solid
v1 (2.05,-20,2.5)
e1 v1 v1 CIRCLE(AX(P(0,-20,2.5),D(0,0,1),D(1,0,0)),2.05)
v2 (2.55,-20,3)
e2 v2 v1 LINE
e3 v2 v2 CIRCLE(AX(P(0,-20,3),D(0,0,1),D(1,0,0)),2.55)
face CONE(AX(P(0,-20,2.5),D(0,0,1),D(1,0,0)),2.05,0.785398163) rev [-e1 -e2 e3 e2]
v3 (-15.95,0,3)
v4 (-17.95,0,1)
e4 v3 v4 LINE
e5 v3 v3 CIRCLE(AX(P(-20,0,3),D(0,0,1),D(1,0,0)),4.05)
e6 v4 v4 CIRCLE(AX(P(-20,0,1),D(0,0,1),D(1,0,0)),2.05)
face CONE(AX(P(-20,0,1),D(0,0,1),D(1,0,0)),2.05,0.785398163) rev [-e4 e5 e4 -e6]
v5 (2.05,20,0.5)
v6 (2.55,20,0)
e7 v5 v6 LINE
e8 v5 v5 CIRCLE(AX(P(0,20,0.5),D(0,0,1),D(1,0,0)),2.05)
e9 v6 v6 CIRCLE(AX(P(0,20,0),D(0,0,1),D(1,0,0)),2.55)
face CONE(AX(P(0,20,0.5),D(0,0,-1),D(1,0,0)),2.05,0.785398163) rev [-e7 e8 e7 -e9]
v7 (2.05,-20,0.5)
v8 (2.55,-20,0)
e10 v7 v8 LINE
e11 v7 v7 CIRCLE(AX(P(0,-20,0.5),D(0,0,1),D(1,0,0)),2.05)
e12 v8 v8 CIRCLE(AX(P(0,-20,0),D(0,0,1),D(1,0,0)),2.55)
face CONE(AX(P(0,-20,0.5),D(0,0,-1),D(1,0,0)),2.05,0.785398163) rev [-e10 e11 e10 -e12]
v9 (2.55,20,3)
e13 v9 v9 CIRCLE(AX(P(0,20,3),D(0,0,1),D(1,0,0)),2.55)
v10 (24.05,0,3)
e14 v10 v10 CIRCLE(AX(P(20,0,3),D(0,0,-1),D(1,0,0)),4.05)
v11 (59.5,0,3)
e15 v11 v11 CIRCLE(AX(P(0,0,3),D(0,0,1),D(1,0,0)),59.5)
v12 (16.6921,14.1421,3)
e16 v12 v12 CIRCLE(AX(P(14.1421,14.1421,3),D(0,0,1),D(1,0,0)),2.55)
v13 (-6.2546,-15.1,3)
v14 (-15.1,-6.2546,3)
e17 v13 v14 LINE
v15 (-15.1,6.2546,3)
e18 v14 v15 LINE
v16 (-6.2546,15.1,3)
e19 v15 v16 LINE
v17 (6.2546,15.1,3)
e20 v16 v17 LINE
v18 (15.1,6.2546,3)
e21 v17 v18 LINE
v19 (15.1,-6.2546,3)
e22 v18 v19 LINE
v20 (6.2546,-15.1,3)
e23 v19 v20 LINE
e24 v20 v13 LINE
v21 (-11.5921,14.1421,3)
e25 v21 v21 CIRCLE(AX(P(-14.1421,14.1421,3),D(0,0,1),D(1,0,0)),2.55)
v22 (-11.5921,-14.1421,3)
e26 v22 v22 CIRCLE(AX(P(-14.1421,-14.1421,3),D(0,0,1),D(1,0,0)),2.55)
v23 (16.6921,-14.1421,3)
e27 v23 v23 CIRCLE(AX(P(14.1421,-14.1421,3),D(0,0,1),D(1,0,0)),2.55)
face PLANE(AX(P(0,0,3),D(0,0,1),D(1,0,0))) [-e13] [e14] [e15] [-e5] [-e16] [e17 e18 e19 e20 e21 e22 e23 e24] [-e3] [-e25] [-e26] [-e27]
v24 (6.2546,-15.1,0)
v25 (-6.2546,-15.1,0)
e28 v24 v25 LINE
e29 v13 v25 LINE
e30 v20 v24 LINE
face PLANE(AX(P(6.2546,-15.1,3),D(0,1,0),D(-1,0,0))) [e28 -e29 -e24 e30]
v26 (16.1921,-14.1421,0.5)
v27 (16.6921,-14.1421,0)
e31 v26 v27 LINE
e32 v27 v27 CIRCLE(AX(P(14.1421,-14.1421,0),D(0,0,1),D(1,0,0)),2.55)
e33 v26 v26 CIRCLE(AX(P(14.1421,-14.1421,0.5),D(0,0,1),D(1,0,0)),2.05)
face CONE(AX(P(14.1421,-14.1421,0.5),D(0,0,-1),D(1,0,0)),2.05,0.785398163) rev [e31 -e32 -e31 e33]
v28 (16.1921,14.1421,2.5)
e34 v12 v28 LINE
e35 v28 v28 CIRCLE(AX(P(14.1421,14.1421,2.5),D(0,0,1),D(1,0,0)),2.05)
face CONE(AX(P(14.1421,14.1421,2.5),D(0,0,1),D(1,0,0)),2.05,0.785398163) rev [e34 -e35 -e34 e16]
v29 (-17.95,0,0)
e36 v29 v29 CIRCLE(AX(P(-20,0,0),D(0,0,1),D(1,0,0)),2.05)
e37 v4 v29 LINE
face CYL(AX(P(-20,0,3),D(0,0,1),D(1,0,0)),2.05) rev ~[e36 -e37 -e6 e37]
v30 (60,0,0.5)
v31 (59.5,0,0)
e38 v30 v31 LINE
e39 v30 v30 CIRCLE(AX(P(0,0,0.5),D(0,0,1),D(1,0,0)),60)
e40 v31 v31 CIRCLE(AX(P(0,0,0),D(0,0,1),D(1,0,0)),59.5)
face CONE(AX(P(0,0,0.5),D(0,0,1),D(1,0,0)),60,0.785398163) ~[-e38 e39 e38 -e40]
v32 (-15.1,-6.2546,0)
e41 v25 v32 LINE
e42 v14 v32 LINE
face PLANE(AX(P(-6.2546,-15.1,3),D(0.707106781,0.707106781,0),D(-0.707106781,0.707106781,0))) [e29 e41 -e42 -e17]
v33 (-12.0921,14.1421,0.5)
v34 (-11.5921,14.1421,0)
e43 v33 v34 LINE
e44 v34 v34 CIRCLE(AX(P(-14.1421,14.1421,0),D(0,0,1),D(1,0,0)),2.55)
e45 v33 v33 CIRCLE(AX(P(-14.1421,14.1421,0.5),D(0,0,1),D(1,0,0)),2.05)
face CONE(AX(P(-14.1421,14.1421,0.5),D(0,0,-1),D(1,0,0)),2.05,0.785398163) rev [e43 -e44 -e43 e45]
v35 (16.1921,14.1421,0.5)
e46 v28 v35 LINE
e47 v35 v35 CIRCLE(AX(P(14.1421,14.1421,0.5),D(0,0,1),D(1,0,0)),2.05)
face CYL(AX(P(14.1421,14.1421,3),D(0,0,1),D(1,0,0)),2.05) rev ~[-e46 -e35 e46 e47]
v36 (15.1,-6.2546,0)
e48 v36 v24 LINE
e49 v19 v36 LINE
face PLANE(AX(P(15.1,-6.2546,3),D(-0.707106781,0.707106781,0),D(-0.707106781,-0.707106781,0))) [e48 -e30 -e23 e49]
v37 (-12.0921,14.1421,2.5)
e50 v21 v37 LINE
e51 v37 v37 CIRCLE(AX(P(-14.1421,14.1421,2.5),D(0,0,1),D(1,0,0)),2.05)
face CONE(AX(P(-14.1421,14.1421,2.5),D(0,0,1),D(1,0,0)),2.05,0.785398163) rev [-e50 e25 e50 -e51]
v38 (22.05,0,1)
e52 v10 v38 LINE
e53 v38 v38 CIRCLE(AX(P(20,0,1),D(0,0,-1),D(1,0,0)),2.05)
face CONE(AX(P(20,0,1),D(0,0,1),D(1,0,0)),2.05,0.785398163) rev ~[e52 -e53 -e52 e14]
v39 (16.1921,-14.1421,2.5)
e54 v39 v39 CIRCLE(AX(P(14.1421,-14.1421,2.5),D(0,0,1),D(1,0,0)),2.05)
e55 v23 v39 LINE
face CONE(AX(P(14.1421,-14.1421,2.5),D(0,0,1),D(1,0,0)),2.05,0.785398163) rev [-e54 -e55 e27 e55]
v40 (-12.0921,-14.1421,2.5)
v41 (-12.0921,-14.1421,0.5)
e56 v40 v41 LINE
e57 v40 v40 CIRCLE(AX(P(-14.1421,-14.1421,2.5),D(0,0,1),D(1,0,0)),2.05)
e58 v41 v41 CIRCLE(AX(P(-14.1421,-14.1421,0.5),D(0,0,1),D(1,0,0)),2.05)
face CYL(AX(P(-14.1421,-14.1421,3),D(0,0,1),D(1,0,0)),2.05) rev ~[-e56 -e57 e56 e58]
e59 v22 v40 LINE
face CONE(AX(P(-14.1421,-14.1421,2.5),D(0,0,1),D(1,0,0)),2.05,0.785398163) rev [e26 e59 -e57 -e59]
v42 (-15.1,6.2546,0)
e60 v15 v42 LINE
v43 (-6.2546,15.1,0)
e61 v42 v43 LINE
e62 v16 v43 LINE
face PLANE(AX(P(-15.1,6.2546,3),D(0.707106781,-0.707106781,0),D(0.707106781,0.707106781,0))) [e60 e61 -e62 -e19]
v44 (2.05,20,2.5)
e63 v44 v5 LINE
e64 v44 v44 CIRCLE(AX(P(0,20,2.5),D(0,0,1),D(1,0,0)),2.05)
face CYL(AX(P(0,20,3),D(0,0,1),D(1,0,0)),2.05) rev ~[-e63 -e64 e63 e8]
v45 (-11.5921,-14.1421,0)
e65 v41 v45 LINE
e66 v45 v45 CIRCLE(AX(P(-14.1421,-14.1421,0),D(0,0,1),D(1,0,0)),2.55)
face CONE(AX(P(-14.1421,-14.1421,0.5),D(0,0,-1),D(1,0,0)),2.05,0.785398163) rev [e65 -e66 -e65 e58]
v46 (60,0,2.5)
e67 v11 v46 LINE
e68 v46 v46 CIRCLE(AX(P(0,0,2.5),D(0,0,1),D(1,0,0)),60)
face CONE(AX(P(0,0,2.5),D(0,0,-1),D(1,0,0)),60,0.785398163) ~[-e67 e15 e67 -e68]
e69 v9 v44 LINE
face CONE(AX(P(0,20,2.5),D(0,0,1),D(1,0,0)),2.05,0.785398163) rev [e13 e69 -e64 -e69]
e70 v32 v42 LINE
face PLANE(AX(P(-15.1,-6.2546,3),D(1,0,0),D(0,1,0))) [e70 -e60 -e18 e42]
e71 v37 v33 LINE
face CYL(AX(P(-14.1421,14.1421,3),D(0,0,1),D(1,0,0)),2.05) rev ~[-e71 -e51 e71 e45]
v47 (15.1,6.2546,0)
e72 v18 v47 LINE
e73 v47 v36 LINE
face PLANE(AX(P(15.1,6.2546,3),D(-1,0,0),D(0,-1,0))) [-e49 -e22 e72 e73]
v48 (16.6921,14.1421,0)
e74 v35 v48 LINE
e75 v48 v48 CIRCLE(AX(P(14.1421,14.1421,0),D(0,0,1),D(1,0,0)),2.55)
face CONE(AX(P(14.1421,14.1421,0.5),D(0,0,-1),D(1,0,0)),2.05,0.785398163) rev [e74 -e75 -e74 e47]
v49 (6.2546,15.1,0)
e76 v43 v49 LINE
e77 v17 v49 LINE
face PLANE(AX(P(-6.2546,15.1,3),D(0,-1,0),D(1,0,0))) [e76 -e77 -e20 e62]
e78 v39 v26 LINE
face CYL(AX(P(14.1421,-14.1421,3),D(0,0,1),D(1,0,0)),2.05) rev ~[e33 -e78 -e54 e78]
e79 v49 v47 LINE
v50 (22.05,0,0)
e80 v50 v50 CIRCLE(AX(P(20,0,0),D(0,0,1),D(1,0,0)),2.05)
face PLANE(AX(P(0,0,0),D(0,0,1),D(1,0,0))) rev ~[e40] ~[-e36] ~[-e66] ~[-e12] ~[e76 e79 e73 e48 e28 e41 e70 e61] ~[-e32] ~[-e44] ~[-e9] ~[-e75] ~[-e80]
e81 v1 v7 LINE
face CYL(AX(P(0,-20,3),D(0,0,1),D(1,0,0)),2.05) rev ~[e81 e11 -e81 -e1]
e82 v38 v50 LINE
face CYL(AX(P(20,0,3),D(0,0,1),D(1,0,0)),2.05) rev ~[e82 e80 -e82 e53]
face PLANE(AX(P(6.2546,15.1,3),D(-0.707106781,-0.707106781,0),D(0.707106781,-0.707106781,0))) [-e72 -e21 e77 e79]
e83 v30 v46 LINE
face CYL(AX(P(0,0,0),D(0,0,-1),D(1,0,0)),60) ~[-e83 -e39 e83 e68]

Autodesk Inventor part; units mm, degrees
ref_plane "YZ Plane" through (0, 0, 0) normal (1, 0, 0) x (0, 1, 0)
ref_plane "XZ Plane" through (0, 0, 0) normal (0, 1, 0) x (-1, 0, 0)
ref_plane "XY Plane" through (0, 0, 0) normal (0, 0, 1) x (1, 0, 0)
sketch "Sketch1" plane through (0, 0, 0) normal (0, 0, 1) x (1, 0, 0)
  circle A0 centre (0, 0) radius 60
  dimension "d0" = 120
extrude "Extrusion1" add sketch "Sketch1" along normal blind 3
sketch "Sketch3" plane through (0, 0, 3) normal (0, 0, 1) x (1, 0, 0)
  line L0 (-15.1, 6.2546) -> (-6.2546, 15.1)
  line L1 (-15.1, -6.2546) -> (-15.1, 6.2546)
  line L2 (-6.2546, -15.1) -> (-15.1, -6.2546)
  line L3 (6.2546, -15.1) -> (-6.2546, -15.1)
  line L4 (15.1, -6.2546) -> (6.2546, -15.1)
  line L5 (15.1, 6.2546) -> (15.1, -6.2546)
  line L6 (6.2546, 15.1) -> (15.1, 6.2546)
  line L7 (-6.2546, 15.1) -> (6.2546, 15.1)
  point P0 (0, 0)
  point P1 (0, 0)
extrude "Extrusion3" cut sketch "Sketch3" against normal through all
sketch "Sketch4" plane through (0, 0, 3) normal (0, 0, 1) x (1, 0, 0)
  line L0 (0, 0) -> (41.4197, 0)
  circle A0 centre (20, 0) radius 2.05
  circle A1 centre (20, 0) radius 2.05
  circle A2 centre (14.1421, 14.1421) radius 2.05
  circle A3 centre (0, 20) radius 2.05
  circle A4 centre (-14.1421, 14.1421) radius 2.05
  circle A5 centre (-20, 0) radius 2.05
  circle A6 centre (-14.1421, -14.1421) radius 2.05
  circle A7 centre (0, -20) radius 2.05
  circle A8 centre (14.1421, -14.1421) radius 2.05
  dimension "d26" = 360
  dimension "d27" = 4.1
extrude "Extrusion4" cut sketch "Sketch4" against normal through all
chamfer "Chamfer1" distance 2 angle 45 2 edges at (-22.05, 0, 3) (17.95, 0, 3)
chamfer "Chamfer2" distance 0.5 angle 45 14 edges at (-60, 0, 3) (-60, 0, 0) (-2.05, -20, 3) (12.0921, -14.1421, 3) (-16.1921, -14.1421, 3) (-16.1921, 14.1421, 3) (-2.05, 20, 3) (12.0921, 14.1421, 3) (-16.1921, -14.1421, 0) (-2.05, -20, 0) (12.0921, -14.1421, 0) (-16.1921, 14.1421, 0) (-2.05, 20, 0) (12.0921, 14.1421, 0)
properties part number "spool_side"
